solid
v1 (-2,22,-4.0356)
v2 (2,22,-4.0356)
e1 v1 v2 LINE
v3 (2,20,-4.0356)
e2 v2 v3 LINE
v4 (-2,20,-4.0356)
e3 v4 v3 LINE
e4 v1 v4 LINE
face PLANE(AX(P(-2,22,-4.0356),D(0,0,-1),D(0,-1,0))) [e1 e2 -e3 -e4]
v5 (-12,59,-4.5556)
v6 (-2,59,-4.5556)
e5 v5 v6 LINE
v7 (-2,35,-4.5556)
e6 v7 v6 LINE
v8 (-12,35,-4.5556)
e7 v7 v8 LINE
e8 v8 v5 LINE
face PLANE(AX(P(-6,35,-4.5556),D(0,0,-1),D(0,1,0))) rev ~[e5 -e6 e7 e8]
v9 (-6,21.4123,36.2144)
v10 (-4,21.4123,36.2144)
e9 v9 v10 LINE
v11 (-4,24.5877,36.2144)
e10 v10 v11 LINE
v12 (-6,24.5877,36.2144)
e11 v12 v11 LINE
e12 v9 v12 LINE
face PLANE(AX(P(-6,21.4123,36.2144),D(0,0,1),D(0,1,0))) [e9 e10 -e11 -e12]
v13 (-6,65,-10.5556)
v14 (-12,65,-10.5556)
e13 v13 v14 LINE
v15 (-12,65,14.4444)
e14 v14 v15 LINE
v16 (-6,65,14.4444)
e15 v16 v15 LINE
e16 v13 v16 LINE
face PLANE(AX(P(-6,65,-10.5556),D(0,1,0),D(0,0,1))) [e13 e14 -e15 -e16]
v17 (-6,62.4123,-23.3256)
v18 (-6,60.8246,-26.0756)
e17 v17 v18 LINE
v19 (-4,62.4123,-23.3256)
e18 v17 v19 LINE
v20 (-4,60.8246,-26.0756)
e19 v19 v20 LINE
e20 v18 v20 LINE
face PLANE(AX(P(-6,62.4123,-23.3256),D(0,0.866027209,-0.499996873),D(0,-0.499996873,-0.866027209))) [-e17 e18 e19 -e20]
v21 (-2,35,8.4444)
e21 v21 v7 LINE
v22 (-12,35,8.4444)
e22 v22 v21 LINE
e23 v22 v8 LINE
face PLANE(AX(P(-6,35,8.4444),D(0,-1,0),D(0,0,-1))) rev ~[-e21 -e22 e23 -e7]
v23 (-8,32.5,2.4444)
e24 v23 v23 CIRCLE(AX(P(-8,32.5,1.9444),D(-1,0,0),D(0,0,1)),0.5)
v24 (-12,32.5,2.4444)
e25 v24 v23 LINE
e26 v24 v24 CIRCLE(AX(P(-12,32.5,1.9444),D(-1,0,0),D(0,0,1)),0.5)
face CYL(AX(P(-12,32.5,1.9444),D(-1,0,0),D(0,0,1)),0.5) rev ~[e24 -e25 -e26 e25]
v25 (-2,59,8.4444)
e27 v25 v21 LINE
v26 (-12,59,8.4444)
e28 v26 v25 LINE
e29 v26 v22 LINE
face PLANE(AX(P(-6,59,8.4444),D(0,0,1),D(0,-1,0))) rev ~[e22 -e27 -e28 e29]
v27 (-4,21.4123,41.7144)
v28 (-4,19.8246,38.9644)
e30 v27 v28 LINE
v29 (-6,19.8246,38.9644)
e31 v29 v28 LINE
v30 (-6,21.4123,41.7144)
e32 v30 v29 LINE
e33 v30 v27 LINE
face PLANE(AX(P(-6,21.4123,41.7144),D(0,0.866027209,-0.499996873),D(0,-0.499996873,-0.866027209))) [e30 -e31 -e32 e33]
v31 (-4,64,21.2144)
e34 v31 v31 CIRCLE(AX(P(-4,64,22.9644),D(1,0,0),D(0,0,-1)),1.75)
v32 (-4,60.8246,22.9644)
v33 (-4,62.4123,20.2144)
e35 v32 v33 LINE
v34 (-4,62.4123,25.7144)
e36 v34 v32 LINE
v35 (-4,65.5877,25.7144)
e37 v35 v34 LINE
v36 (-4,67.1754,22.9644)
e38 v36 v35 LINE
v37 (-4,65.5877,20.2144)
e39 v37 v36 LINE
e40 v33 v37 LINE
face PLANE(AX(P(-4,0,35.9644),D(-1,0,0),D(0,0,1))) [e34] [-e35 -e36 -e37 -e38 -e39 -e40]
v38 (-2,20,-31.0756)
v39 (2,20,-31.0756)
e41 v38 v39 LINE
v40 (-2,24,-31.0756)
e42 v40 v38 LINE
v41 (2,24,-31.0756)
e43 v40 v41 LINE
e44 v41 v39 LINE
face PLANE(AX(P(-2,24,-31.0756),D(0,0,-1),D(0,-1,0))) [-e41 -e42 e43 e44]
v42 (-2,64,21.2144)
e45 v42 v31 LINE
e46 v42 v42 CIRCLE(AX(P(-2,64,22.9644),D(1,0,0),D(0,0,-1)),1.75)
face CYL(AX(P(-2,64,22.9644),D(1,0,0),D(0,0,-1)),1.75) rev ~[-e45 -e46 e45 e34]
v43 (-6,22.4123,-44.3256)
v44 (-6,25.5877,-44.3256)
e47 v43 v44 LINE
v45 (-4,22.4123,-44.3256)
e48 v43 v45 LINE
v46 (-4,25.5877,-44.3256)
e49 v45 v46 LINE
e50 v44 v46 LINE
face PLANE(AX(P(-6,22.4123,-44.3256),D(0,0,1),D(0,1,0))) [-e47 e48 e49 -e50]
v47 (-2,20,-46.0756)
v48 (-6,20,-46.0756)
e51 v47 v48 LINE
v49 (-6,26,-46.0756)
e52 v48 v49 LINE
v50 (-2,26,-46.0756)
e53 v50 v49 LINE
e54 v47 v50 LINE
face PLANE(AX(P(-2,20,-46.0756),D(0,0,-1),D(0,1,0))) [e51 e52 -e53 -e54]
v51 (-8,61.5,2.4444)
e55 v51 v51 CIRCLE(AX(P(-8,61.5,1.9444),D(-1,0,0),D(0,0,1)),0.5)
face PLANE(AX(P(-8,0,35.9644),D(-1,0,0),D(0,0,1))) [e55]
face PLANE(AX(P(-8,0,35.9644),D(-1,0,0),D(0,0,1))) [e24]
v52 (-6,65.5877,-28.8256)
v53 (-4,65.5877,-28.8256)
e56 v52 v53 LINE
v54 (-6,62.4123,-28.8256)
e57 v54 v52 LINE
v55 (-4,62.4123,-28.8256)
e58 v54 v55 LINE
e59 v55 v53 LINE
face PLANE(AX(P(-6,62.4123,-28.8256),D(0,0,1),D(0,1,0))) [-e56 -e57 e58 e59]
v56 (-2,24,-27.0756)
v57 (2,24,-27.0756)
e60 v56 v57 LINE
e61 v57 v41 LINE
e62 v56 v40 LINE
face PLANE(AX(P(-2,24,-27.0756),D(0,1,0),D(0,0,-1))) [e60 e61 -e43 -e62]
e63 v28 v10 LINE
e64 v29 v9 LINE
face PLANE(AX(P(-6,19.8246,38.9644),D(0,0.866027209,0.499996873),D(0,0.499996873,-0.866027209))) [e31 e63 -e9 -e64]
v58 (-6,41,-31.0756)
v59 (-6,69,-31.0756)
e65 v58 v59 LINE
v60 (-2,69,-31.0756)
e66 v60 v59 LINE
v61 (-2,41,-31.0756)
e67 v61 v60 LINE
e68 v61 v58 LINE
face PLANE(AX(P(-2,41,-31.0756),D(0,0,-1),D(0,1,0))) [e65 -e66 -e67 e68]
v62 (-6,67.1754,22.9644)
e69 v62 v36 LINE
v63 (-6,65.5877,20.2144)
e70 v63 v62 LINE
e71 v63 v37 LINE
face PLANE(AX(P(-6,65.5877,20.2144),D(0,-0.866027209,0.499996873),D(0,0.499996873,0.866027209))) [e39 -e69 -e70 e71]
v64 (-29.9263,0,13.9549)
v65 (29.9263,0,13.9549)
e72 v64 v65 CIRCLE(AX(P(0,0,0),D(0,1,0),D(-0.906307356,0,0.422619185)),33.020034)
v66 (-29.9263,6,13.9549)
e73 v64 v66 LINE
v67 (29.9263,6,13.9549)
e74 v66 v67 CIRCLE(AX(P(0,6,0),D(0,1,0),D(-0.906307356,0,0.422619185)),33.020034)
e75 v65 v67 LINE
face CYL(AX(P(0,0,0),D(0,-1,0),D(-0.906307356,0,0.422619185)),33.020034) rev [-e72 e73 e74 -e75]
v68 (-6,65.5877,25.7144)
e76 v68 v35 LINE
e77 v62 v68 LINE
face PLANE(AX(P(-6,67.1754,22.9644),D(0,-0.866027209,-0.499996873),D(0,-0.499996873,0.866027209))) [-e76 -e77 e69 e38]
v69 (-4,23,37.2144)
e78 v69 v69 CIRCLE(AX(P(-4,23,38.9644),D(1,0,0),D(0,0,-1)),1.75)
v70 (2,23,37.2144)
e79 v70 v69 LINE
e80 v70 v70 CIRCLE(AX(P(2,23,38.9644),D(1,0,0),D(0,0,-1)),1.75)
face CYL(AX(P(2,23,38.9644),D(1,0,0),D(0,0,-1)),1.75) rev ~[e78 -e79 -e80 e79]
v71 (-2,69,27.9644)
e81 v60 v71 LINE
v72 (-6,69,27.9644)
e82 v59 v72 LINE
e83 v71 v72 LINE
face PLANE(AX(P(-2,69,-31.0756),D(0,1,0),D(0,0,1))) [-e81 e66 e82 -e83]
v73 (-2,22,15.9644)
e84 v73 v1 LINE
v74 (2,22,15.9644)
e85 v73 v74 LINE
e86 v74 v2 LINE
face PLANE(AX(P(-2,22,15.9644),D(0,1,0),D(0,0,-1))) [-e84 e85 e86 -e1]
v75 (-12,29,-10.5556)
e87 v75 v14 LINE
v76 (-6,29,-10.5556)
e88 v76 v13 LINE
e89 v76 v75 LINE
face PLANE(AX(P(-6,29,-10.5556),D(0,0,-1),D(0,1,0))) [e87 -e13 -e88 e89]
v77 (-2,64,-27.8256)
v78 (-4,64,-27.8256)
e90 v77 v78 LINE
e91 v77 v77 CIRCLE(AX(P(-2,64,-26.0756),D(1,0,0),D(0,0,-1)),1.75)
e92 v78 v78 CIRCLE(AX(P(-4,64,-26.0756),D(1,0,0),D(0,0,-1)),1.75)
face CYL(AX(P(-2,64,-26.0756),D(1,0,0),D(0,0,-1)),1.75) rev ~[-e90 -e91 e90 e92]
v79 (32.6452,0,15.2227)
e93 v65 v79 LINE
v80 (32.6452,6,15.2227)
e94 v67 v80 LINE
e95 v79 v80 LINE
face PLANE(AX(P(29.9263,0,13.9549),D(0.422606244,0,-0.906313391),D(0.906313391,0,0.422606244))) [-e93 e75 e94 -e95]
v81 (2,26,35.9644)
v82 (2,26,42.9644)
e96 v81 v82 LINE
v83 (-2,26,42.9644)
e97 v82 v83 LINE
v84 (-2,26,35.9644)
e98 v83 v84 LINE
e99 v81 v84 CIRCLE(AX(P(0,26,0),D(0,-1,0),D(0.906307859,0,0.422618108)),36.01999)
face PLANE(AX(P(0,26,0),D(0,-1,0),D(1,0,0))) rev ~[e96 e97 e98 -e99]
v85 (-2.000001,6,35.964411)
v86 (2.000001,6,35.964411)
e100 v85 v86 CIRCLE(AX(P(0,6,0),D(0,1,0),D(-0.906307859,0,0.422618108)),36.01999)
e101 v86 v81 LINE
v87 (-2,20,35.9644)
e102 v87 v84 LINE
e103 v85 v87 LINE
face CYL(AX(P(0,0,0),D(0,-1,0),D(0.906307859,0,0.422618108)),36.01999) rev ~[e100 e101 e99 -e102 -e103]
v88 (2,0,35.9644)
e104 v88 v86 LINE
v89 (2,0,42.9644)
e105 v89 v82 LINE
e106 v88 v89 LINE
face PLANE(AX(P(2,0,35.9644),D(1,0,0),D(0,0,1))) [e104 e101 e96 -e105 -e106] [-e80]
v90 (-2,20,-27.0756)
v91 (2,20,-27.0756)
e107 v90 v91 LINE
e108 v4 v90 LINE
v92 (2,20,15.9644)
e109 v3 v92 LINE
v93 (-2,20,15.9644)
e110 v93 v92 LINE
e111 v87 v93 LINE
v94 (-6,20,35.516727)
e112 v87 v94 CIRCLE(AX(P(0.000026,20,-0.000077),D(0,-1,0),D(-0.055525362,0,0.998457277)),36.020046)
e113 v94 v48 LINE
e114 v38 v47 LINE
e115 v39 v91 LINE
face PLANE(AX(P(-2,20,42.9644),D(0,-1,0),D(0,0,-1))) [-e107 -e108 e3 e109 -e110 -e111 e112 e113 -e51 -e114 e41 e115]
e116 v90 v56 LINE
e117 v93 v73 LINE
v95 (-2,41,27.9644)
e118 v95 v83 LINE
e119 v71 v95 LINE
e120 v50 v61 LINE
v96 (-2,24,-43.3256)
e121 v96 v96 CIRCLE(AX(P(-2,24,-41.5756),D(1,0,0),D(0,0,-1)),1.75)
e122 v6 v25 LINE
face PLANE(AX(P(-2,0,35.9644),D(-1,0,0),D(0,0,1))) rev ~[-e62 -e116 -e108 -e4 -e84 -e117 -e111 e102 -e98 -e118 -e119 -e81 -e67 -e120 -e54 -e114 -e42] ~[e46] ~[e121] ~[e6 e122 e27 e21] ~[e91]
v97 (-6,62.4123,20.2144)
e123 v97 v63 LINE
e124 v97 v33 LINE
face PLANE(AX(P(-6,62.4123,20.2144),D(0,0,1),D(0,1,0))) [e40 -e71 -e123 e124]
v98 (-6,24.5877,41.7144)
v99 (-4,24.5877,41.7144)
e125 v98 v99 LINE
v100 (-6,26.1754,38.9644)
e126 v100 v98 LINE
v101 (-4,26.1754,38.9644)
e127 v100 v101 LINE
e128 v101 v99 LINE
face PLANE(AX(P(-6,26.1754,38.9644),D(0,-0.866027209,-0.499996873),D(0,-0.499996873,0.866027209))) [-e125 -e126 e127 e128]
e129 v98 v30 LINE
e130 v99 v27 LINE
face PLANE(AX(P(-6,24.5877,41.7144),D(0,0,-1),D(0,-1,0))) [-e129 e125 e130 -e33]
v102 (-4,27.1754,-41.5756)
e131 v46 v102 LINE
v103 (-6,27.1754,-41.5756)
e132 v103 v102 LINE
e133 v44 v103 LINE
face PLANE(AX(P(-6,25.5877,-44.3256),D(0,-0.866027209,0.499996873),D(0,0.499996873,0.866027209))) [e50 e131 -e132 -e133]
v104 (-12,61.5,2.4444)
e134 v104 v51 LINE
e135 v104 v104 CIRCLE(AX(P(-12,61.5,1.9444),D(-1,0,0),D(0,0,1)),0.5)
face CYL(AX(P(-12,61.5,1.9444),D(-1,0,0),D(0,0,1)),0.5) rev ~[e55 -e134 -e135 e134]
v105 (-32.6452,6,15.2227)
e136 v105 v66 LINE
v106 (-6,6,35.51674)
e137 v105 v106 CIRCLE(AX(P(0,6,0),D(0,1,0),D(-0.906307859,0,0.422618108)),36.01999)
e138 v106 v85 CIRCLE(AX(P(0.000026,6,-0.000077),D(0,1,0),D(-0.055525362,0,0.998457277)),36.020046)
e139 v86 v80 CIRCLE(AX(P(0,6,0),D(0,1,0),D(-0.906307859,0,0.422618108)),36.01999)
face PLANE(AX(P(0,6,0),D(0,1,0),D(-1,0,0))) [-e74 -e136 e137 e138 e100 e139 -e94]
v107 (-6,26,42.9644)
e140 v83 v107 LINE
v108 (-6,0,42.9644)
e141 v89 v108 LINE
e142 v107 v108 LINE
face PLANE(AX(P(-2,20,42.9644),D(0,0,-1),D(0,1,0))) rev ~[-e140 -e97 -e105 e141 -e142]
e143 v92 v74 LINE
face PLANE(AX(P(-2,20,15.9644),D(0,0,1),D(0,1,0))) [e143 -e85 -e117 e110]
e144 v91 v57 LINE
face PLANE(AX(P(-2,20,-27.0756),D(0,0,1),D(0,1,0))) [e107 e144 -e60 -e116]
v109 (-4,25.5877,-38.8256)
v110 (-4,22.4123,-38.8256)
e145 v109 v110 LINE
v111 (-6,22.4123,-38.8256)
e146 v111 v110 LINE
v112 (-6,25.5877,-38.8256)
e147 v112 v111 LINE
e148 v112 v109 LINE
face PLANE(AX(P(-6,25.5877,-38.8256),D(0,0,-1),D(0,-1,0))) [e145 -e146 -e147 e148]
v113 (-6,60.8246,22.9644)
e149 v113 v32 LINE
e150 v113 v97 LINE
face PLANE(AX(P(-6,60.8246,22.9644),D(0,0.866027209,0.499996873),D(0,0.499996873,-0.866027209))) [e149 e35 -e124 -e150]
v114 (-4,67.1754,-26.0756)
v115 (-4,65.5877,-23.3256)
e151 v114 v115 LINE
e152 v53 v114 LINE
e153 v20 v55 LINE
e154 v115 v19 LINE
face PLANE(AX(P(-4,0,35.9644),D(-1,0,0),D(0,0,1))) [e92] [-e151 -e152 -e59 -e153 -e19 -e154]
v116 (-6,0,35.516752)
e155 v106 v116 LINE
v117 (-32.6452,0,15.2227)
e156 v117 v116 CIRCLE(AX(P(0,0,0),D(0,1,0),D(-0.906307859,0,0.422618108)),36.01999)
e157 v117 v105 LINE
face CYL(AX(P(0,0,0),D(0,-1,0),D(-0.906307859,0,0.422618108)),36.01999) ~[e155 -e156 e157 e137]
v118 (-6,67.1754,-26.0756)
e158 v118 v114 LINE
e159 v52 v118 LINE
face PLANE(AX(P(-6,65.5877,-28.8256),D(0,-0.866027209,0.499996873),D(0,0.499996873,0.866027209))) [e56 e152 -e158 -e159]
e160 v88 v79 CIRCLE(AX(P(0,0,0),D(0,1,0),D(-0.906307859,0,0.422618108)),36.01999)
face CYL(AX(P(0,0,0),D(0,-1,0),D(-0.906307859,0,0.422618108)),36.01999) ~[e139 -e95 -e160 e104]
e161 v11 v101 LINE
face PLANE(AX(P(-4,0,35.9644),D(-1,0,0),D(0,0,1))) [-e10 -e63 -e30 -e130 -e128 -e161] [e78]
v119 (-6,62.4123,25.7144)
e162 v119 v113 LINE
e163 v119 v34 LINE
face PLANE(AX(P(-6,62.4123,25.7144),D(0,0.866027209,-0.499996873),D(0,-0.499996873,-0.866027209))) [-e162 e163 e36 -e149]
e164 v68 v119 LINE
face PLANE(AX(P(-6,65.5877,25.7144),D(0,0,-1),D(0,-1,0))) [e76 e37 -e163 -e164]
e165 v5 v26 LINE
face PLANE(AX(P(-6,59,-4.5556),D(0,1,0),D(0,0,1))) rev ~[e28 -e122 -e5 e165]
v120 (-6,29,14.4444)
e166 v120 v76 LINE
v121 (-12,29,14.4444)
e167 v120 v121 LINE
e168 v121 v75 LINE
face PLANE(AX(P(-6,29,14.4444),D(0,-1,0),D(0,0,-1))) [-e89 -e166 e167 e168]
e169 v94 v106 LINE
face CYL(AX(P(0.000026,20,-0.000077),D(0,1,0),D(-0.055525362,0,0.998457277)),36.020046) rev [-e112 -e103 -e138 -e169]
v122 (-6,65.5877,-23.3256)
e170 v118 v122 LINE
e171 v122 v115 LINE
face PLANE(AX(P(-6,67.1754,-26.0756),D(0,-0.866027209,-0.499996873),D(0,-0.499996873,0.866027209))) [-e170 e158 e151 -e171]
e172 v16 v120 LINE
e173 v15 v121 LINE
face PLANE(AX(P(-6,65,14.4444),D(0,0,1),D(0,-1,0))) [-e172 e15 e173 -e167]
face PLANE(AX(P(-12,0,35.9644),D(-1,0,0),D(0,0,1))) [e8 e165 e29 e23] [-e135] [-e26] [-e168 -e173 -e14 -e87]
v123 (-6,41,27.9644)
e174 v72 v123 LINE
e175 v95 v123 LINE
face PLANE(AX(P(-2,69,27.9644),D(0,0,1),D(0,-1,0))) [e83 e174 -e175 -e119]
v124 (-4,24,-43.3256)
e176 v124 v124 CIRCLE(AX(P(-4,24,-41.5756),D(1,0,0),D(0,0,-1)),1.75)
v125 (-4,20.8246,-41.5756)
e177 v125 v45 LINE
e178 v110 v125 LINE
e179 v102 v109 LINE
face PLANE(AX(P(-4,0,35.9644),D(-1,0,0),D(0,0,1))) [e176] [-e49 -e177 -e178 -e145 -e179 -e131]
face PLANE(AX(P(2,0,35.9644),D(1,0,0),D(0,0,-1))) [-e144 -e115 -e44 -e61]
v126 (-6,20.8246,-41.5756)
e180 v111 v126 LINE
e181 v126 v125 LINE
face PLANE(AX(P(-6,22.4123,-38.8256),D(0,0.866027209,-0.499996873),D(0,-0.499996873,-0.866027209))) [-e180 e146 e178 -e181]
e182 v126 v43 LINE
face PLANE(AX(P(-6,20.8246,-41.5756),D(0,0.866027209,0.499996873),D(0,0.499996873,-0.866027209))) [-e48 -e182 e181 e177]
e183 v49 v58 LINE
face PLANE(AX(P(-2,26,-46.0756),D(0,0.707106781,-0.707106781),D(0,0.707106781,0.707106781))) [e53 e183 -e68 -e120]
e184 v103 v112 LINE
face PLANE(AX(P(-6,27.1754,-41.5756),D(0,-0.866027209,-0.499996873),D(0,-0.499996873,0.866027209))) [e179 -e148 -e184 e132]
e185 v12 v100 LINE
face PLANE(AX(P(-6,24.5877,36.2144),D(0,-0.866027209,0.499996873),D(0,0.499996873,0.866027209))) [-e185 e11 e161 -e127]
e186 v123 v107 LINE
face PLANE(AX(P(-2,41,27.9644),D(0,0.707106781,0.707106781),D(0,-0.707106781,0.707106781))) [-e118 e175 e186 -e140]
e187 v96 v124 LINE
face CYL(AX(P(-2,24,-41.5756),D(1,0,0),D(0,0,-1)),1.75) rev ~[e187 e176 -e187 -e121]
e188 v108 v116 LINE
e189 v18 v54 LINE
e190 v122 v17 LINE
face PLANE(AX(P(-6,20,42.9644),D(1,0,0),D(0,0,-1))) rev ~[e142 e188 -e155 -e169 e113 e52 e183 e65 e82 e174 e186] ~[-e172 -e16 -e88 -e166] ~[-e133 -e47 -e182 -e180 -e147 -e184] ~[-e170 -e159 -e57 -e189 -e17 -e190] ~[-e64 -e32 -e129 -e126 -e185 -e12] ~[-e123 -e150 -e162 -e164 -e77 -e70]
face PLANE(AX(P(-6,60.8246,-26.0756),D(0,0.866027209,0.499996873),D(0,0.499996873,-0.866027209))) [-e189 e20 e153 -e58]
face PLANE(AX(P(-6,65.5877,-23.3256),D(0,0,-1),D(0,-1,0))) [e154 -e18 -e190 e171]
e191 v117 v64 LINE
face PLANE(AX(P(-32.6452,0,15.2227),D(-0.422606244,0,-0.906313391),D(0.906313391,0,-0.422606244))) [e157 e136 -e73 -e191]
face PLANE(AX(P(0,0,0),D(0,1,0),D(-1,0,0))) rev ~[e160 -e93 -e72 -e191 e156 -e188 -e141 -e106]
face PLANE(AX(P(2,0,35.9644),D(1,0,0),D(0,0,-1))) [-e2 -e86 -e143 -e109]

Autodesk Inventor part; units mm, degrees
ref_plane "YZ Plane" through (0, 0, 0) normal (1, 0, 0) x (0, 1, 0)
ref_plane "XZ Plane" through (0, 0, 0) normal (0, 1, 0) x (-1, 0, 0)
ref_plane "XY Plane" through (0, 0, 0) normal (0, 0, 1) x (1, 0, 0)
sketch "Sketch1" plane through (0, 0, 0) normal (0, 1, 0) x (-1, 0, 0)
  line L0 (32.6452, 15.2227) -> (29.9263, 13.9549)
  line L1 (-29.9263, 13.9549) -> (-32.6452, 15.2227)
  line L2 (36.02, 0) -> (-36.02, 0) construction
  arc A0 (29.9263, 13.9549) -> (-29.9263, 13.9549) centre (0, 0) ccw
  arc A1 (32.6452, 15.2227) -> (-32.6452, 15.2227) centre (0, 0) ccw
  dimension "d2" = 25
  dimension "d3" = 25
extrude "Extrusion1" add sketch "Sketch1" along normal blind 6
sketch "Sketch2" plane through (0, 0, 0) normal (0, -1, 0) x (1, 0, 0)
  arc A0 (32.6452, 15.2227) -> (-32.6452, 15.2227) centre (0, 0) ccw projected
  line L0 (2, 35.9644) -> (2, 42.9644)
  line L1 (2, 42.9644) -> (-2, 42.9644)
  line L2 (-2, 42.9644) -> (-2, 35.9644)
  dimension "d6" = 2
  dimension "d7" = 2
  dimension "d8" = 7
extrude "Extrusion2" add sketch "Sketch2" against normal blind 26
sketch "Sketch3" plane through (-2, 0, 35.9644) normal (-1, 0, 0) x (0, 0, 1)
  line L0 (7, 0) -> (7, 26) projected
  line L1 (7, 20) -> (-82.04, 20)
  line L2 (-82.04, 20) -> (-82.04, 26)
  line L3 (-82.04, 26) -> (-67.04, 41)
  line L4 (-67.04, 41) -> (-67.04, 69)
  line L5 (-67.04, 69) -> (-8, 69)
  line L6 (-8, 69) -> (-8, 41)
  line L7 (-8, 41) -> (7, 26)
  line L8 (-40.52, 59) -> (-27.52, 59)
  line L9 (-27.52, 59) -> (-27.52, 35)
  line L10 (-27.52, 35) -> (-40.52, 35)
  line L11 (-40.52, 35) -> (-40.52, 59)
  line L12 (7, 0) -> (0, 0) projected
  point P0 (-35.9644, 0)
  dimension "d11" = 15
  dimension "d12" = 15
  dimension "d13" = 89.04
  dimension "d14" = 24
  dimension "d15" = 13
  dimension "d16" = 19.52
  dimension "d17" = 10
  dimension "d18" = 15
  dimension "d19" = 15
  dimension "d20" = 15
  dimension "d21" = 20
  dimension "d22" = 6
extrude "Extrusion3" add sketch "Sketch3" along normal blind 4
sketch "Sketch4" plane through (-6, 0, 35.9644) normal (-1, 0, 0) x (0, 0, 1)
  line L0 (-40.52, 35) -> (-40.52, 59) projected
  line L1 (-27.52, 35) -> (-40.52, 35) projected
  line L2 (-27.52, 59) -> (-27.52, 35) projected
  line L3 (-40.52, 59) -> (-27.52, 59) projected
  line L4 (-46.52, 29) -> (-46.52, 65)
  line L5 (-46.52, 65) -> (-21.52, 65)
  line L6 (-21.52, 65) -> (-21.52, 29)
  line L7 (-21.52, 29) -> (-46.52, 29)
  point P0 (-35.9644, 0)
  dimension "d49" = 6
extrude "Extrusion4" add sketch "Sketch4" along normal blind 6
sketch "Sketch5" plane through (-2, 20, -46.0756) normal (0, -1, 0) x (1, 0, 0)
  line L0 (0, 82.04) -> (0, 89.04) projected
  line L1 (0, 82.04) -> (0, 89.04)
  line L2 (0, 89.04) -> (-4, 89.04) projected
  line L3 (0, 89.04) -> (-4, 89.04)
  line L4 (-4, 89.04) -> (-4, 81.54)
  line L5 (-4, 89.04) -> (-4, 74.04) projected
  arc A0 (0, 82.04) -> (-30.6452, 61.2983) centre (2, 46.0756) ccw projected
  point P0 (-4, 81.5923)
extrude "Extrusion5" add sketch "Sketch5" along normal up to surface (20 mm away)
sketch "Sketch6" plane through (-2, 0, 35.9644) normal (1, 0, 0) x (0, 0, -1)
  circle A0 centre (77.54, 24) radius 1.75
  circle A1 centre (62.04, 64) radius 1.75
  circle A2 centre (13, 64) radius 1.75
  line L0 (8, 69) -> (67.04, 69) projected
  line L1 (67.04, 69) -> (67.04, 41) projected
  line L2 (8, 41) -> (8, 69) projected
  line L3 (82.04, 20) -> (0, 20) projected
  line L4 (82.04, 26) -> (82.04, 20) projected
  point P0 (35.9644, 0)
  dimension "d36" = 3.5
  dimension "d37" = 3.5
  dimension "d38" = 3.5
  dimension "d40" = 5
  dimension "d41" = 5
  dimension "d42" = 5
  dimension "d43" = 5
  dimension "d44" = 4
  dimension "d45" = 4.5
extrude "Extrusion6" cut sketch "Sketch6" against normal blind 6
sketch "Sketch7" plane through (2, 0, 42.9644) normal (1, 0, 0) x (0, 0, -1)
  circle A0 centre (4, 23) radius 1.75
  line L0 (0, 0) -> (0, 26) projected
  line L1 (0, 26) -> (7, 26) projected
  point P0 (42.9644, 0)
  dimension "d50" = 3.5
  dimension "d51" = 4
  dimension "d52" = 3
extrude "Extrusion7" cut sketch "Sketch7" against normal through all
sketch "Sketch8" plane through (-2, 0, 35.9644) normal (1, 0, 0) x (0, 0, -1)
  line L0 (82.04, 20) -> (0, 20) projected
  line L1 (20, 22) -> (40, 22)
  line L2 (40, 22) -> (40, 20)
  line L3 (40, 20) -> (20, 20)
  line L4 (20, 20) -> (20, 22)
  line L5 (0, 6) -> (0, 26) projected
  line L6 (67.04, 20) -> (63.04, 20)
  line L7 (63.04, 20) -> (63.04, 24)
  line L8 (63.04, 24) -> (67.04, 24)
  line L9 (67.04, 24) -> (67.04, 20)
  line L10 (82.04, 26) -> (82.04, 20) projected
  point P0 (35.9644, 0)
  dimension "d55" = 2
  dimension "d56" = 20
  dimension "d57" = 20
  dimension "d60" = 4
  dimension "d61" = 4
  dimension "d62" = 15
extrude "Extrusion8" add sketch "Sketch8" along normal blind 4
sketch "Sketch10" plane through (-6, 0, 35.9644) normal (-1, 0, 0) x (0, 0, 1)
  circle A0 centre (-62.04, 64) radius 1.75 projected
  circle A1 centre (-13, 64) radius 1.75 projected
  circle A2 centre (-77.54, 24) radius 1.75 projected
  circle A3 centre (3, 23) radius 1.75 projected
  line L0 (-62.04, 60.8246) -> (-64.79, 62.4123)
  line L1 (-64.79, 62.4123) -> (-64.79, 65.5877)
  line L2 (-64.79, 65.5877) -> (-62.04, 67.1754)
  line L3 (-62.04, 67.1754) -> (-59.29, 65.5877)
  line L4 (-59.29, 65.5877) -> (-59.29, 62.4123)
  line L5 (-59.29, 62.4123) -> (-62.04, 60.8246)
  line L6 (-13, 60.8246) -> (-15.75, 62.4123)
  line L7 (-15.75, 62.4123) -> (-15.75, 65.5877)
  line L8 (-15.75, 65.5877) -> (-13, 67.1754)
  line L9 (-13, 67.1754) -> (-10.25, 65.5877)
  line L10 (-10.25, 65.5877) -> (-10.25, 62.4123)
  line L11 (-10.25, 62.4123) -> (-13, 60.8246)
  line L12 (-74.79, 25.5877) -> (-74.79, 22.4123)
  line L13 (-74.79, 22.4123) -> (-77.54, 20.8246)
  line L14 (-77.54, 20.8246) -> (-80.29, 22.4123)
  line L15 (-80.29, 22.4123) -> (-80.29, 25.5877)
  line L16 (-80.29, 25.5877) -> (-77.54, 27.1754)
  line L17 (-77.54, 27.1754) -> (-74.79, 25.5877)
  circle A4 centre (3, 23) radius 1.75 projected
  line L18 (0.25, 24.5877) -> (3, 26.1754)
  line L19 (3, 26.1754) -> (5.75, 24.5877)
  line L20 (5.75, 24.5877) -> (5.75, 21.4123)
  line L21 (5.75, 21.4123) -> (3, 19.8246)
  line L22 (3, 19.8246) -> (0.25, 21.4123)
  line L23 (0.25, 21.4123) -> (0.25, 24.5877)
  line L24 (-67.04, 69) -> (-67.04, 41) projected
  line L25 (-8, 41) -> (-8, 69) projected
  line L26 (7, 26) -> (7, 0) projected
  line L27 (-82.04, 26) -> (-82.04, 20) projected
  point P0 (-35.9644, 0)
  dimension "d63" = 5.5
  dimension "d64" = 5.5
  dimension "d65" = 5.5
  dimension "d66" = 5.5
extrude "Extrusion9" cut sketch "Sketch10" against normal blind 2 contours A3 | L0 L1 L2 L3 L4 L5 | L6 L7 L8 L9 L10 L11 | L12 L13 L14 L15 L16 L17 | L18 L19 L20 L21 L22 L23
sketch "Sketch11" plane through (-12, 0, 35.9644) normal (-1, 0, 0) x (0, 0, 1)
  circle A0 centre (-34.02, 32.5) radius 0.5
  circle A1 centre (-34.02, 61.5) radius 0.5
  line L0 (-40.52, 59) -> (-27.52, 59) projected
  line L1 (-27.52, 35) -> (-40.52, 35) projected
  line L2 (-21.52, 29) -> (-21.52, 65) projected
  point P0 (-35.9644, 0)
  dimension "d69" = 2.5
  dimension "d70" = 2.5
  dimension "d71" = 12.5
  dimension "d72" = 12.5
  dimension "d73" = 1
  dimension "d74" = 1
extrude "Extrusion10" cut sketch "Sketch11" against normal blind 4
equation "\"d3\" = d2"
equation "\"d7\" = d6"
equation "\"d12\" = d11"
equation "\"d20\" = d19"
equation "\"d37\" = d36"
equation "\"d38\" = d36"
properties part number "_3DPrint"
